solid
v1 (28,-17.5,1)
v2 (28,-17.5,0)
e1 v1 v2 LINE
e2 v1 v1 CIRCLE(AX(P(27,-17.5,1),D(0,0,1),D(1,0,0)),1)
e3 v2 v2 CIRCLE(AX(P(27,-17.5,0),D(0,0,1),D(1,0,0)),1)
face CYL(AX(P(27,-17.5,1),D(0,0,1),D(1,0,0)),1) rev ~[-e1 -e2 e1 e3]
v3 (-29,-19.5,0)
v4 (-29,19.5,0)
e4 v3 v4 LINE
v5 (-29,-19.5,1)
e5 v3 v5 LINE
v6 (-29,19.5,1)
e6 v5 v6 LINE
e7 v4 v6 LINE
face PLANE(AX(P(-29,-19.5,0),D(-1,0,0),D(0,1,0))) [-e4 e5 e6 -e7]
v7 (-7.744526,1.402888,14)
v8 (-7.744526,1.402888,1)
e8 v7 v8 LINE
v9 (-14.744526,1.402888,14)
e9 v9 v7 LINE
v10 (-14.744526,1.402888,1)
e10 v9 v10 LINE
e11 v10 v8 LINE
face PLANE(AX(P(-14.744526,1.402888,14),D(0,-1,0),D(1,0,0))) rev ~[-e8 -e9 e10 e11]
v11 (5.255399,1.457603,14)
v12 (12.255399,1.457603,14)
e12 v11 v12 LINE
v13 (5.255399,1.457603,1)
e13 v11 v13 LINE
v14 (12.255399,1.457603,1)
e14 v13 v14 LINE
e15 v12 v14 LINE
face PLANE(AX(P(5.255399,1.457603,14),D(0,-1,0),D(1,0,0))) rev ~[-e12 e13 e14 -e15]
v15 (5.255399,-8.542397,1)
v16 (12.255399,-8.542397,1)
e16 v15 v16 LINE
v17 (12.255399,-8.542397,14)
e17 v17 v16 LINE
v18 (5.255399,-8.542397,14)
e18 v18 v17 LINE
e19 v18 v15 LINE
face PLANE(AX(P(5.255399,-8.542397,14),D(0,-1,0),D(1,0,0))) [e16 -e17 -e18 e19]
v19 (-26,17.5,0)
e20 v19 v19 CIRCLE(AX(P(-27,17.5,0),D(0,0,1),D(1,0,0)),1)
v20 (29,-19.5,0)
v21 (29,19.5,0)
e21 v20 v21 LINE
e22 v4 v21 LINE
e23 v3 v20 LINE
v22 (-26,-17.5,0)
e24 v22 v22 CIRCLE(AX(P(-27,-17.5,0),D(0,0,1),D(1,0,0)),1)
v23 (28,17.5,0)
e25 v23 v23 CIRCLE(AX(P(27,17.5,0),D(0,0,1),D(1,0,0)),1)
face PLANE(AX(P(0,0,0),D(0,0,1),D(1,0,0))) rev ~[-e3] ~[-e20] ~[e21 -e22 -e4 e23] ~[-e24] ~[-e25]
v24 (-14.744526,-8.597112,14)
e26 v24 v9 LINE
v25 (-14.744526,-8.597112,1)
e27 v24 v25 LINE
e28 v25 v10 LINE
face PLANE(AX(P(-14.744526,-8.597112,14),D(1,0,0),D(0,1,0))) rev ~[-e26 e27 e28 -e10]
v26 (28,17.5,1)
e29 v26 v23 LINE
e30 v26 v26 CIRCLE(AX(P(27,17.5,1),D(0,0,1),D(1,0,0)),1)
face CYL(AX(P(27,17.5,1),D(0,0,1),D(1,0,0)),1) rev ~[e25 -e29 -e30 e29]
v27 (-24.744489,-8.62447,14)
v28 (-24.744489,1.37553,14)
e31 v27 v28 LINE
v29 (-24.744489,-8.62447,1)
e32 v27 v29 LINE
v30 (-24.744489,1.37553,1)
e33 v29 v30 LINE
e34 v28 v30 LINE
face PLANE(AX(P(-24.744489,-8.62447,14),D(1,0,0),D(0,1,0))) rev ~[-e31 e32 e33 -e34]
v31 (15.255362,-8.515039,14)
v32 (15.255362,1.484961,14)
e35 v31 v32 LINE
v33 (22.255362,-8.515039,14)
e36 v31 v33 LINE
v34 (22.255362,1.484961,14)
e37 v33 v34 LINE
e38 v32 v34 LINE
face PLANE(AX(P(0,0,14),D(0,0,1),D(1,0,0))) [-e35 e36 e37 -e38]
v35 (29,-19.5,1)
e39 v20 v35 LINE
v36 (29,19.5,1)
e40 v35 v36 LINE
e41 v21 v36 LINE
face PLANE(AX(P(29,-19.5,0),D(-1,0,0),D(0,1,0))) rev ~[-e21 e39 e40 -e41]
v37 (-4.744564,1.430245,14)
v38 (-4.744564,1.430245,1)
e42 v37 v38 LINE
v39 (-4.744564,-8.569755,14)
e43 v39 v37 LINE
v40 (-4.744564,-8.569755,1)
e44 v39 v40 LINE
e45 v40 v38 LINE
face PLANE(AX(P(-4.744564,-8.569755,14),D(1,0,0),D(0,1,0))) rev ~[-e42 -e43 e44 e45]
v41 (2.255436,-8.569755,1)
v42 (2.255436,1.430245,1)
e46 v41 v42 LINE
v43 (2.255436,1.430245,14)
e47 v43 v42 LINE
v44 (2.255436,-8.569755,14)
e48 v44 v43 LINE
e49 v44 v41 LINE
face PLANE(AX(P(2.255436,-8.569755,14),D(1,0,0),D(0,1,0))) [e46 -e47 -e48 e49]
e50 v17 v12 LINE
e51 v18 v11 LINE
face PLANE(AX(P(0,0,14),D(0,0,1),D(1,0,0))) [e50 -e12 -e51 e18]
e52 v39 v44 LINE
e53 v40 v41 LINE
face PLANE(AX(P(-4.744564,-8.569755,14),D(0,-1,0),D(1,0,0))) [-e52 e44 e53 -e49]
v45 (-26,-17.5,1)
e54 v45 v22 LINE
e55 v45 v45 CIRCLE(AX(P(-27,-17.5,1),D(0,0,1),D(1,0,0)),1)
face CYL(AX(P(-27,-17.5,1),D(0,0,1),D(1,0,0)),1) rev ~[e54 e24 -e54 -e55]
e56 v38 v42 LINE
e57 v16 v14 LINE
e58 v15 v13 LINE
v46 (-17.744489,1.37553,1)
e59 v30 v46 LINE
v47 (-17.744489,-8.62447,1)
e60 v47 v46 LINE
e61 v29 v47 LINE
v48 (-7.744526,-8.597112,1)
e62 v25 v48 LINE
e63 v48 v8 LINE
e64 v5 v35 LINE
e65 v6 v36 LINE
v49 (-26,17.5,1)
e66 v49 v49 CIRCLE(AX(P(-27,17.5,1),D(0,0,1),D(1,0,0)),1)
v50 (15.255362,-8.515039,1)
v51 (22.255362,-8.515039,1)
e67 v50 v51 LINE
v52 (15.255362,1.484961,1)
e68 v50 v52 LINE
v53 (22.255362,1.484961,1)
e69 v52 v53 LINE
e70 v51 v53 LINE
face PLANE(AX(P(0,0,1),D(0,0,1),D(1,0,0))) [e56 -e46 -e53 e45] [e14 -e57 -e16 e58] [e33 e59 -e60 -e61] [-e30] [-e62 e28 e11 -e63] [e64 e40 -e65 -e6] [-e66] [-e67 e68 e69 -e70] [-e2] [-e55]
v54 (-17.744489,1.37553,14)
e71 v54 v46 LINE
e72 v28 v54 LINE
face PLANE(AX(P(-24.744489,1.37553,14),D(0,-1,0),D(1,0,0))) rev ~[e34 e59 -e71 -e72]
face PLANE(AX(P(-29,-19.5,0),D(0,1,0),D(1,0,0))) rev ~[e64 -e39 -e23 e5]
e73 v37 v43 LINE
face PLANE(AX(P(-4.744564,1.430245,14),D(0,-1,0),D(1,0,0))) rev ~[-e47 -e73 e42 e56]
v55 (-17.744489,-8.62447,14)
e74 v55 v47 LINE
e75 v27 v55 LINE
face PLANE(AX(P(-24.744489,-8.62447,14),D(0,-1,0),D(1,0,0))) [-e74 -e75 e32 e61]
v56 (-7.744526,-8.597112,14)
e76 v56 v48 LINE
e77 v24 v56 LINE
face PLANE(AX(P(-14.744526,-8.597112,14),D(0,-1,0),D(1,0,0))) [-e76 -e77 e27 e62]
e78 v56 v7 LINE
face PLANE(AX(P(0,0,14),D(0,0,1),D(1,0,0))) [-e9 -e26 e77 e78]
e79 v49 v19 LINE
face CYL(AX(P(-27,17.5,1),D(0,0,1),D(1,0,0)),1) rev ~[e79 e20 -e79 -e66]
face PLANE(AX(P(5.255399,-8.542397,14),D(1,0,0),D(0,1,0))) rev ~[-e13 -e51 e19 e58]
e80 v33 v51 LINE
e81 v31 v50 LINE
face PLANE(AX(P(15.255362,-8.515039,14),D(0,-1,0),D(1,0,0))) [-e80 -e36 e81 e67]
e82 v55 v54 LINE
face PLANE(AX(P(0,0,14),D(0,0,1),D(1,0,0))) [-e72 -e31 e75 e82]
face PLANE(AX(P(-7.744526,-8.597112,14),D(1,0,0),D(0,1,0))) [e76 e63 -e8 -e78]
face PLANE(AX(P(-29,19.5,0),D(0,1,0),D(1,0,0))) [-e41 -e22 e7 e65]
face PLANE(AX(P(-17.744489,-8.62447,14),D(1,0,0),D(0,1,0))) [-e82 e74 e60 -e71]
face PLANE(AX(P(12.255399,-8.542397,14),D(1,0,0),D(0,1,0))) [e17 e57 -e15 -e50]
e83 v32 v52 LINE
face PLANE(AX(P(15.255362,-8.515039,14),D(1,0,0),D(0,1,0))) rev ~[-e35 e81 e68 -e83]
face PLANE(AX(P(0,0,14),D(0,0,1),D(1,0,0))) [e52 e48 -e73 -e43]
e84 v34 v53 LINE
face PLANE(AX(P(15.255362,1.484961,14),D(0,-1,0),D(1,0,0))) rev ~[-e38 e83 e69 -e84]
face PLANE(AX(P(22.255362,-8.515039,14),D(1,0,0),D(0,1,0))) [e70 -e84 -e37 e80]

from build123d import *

# Parameters (mm, degrees)
F0_W     = 58
F0_H     = 39
F1_DEPTH = 14
F2_W     = 58
F2_H     = 39
F2_W_2   = 7
F2_H_2   = 10
F3_DEPTH = 13
F4_R     = 1
F5_DEPTH = 25


with BuildPart() as f1:
    # F0 (on Top) → F1 (new body)
    with BuildSketch(Plane.XY):
        Rectangle(F0_W, F0_H)
    extrude(amount=F1_DEPTH)

    # F2 (on face) → F3 (cut)
    with BuildSketch(Plane.XY.offset(14)):
        Rectangle(F2_W, F2_H)
        with Locations((-21.244489, -3.62447)):
            Rectangle(F2_W_2, F2_H_2, mode=Mode.SUBTRACT)
        with Locations((-11.244526, -3.597112)):
            Rectangle(F2_W_2, F2_H_2, mode=Mode.SUBTRACT)
        with Locations((-1.244564, -3.569755)):
            Rectangle(F2_W_2, F2_H_2, mode=Mode.SUBTRACT)
        with Locations((8.755399, -3.542397)):
            Rectangle(F2_W_2, F2_H_2, mode=Mode.SUBTRACT)
        with Locations((18.755362, -3.515039)):
            Rectangle(F2_W_2, F2_H_2, mode=Mode.SUBTRACT)
    extrude(amount=-F3_DEPTH, mode=Mode.SUBTRACT)

    # F4 (on face) → F5 (cut)
    with BuildSketch(Plane.XY.offset(1)):
        with Locations((-27, 17.5)):
            Circle(F4_R)
        with Locations((-27, -17.5)):
            Circle(F4_R)
        with Locations((27, -17.5)):
            Circle(F4_R)
        with Locations((27, 17.5)):
            Circle(F4_R)
    extrude(amount=-F5_DEPTH, mode=Mode.SUBTRACT)


solid = f1.part
